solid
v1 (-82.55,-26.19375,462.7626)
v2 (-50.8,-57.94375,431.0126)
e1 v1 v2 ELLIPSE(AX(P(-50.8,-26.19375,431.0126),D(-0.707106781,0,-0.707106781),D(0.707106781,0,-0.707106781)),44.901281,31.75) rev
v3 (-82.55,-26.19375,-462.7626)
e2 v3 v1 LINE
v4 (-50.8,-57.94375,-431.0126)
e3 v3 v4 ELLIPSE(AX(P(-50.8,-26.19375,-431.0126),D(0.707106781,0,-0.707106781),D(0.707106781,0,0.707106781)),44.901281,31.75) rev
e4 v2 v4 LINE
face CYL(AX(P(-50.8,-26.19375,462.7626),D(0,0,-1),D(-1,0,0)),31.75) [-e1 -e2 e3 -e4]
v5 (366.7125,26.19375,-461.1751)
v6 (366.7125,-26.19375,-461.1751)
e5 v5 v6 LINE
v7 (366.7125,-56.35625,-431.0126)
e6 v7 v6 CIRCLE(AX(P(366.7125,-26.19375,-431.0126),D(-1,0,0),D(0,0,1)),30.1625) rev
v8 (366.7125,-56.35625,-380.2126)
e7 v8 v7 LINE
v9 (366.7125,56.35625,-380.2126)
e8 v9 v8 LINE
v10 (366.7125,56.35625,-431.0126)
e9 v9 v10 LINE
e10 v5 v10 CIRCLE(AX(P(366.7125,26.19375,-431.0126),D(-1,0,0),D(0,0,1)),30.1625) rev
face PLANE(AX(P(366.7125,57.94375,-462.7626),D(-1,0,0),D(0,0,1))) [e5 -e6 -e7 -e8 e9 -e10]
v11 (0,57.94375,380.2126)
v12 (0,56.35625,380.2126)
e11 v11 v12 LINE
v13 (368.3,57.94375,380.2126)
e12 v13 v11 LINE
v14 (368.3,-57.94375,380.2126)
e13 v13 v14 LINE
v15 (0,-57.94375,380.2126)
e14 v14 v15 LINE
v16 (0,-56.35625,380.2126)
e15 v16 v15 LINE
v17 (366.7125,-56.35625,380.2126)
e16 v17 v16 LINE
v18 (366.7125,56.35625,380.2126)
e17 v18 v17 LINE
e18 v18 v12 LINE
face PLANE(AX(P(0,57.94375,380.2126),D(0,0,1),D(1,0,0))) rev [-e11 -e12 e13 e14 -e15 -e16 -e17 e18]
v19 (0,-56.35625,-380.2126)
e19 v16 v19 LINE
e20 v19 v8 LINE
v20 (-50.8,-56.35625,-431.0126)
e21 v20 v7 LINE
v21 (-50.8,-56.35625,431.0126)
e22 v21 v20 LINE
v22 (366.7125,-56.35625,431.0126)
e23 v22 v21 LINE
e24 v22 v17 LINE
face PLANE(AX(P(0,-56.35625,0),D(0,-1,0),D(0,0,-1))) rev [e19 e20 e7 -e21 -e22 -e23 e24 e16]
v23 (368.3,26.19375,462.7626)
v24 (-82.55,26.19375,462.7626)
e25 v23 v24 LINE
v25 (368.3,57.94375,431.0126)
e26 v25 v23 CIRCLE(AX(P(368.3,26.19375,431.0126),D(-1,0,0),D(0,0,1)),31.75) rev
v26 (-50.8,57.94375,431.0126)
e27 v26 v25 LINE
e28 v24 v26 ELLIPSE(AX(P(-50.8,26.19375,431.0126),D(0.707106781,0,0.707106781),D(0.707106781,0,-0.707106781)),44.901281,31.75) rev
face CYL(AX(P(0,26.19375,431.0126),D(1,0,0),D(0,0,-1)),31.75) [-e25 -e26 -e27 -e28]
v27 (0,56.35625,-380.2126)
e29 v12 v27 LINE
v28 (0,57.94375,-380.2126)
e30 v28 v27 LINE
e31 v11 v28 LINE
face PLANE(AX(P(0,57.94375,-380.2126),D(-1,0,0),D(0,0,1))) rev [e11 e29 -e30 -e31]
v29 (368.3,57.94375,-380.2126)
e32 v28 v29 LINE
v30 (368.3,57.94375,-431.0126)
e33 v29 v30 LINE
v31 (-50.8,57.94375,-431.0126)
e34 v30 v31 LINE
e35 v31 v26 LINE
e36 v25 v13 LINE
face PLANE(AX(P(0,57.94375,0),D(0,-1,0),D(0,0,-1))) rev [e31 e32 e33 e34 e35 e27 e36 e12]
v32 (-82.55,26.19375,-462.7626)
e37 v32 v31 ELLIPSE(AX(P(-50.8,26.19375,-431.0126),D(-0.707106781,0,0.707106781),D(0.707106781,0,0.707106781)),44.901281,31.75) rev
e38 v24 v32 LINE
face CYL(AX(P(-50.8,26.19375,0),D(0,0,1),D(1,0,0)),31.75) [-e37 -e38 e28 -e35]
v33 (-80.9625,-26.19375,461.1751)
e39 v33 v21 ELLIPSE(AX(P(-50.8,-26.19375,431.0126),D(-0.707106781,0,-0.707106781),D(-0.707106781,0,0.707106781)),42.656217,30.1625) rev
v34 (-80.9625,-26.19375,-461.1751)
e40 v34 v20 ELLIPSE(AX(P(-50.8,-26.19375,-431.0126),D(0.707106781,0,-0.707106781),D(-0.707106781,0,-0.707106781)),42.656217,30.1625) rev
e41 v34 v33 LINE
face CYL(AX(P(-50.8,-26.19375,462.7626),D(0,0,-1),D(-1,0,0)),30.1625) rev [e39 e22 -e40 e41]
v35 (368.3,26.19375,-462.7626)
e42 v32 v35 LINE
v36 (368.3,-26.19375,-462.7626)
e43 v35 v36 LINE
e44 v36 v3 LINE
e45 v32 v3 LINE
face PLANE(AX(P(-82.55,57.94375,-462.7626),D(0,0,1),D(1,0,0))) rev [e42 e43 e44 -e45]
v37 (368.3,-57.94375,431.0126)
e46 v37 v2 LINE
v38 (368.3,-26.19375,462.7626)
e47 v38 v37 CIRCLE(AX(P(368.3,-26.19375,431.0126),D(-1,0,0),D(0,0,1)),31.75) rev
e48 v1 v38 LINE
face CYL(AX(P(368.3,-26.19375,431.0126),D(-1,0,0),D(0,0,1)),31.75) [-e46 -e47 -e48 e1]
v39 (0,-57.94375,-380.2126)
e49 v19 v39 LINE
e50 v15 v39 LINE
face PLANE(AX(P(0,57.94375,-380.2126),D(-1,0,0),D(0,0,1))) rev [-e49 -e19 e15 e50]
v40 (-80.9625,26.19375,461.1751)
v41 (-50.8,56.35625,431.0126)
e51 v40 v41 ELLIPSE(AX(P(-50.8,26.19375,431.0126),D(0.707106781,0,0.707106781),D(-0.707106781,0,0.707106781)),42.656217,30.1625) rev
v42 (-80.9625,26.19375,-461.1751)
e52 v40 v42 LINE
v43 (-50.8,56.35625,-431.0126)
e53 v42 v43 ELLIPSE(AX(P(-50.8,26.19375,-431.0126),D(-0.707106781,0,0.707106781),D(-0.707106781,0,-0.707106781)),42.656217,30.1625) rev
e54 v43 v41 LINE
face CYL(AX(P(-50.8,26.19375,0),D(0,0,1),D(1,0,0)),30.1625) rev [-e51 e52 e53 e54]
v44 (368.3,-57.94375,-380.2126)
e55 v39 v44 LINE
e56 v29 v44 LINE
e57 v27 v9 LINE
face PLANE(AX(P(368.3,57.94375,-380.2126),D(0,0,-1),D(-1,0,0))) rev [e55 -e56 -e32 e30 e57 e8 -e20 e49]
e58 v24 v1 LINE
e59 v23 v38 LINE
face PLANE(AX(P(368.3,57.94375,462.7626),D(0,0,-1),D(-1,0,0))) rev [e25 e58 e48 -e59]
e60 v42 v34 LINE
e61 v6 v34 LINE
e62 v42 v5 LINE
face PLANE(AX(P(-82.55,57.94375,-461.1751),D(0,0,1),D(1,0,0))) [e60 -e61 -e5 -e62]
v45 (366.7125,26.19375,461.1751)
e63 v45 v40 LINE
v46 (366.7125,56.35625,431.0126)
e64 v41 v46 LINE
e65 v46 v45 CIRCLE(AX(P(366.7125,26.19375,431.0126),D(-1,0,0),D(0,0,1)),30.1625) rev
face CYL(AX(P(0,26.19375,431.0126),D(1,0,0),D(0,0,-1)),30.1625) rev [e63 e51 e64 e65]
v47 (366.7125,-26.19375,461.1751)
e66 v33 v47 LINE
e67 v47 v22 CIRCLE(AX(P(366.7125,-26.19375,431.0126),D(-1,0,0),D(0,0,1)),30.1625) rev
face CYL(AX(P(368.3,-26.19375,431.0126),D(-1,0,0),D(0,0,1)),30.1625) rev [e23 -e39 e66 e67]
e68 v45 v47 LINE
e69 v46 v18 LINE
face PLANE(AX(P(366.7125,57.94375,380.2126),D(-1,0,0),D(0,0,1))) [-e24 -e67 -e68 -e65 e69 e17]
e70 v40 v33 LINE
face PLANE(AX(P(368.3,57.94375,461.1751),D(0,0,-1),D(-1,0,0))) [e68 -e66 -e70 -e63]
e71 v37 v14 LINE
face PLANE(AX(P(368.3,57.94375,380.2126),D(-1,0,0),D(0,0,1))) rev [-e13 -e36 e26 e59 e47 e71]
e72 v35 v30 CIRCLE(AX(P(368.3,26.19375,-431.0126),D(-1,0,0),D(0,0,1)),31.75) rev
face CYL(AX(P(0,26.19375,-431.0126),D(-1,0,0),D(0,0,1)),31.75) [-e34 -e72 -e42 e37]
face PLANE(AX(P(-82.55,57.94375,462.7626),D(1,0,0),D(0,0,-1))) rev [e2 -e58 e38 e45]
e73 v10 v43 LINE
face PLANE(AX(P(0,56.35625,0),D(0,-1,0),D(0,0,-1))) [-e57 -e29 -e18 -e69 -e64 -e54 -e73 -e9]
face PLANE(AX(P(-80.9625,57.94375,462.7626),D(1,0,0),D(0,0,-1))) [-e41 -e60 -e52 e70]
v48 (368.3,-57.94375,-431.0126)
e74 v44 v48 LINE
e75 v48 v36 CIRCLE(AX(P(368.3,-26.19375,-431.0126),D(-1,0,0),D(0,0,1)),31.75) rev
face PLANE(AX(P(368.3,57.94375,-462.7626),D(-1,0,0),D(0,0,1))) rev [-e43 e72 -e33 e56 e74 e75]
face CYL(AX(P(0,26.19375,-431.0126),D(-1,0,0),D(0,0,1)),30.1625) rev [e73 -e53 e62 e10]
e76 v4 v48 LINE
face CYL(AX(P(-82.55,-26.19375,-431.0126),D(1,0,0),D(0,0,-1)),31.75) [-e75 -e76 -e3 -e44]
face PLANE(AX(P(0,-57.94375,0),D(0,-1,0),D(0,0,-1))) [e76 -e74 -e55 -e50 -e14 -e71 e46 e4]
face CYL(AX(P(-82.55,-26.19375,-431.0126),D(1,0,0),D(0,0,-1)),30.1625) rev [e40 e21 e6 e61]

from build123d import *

# Parameters (mm, degrees)
BOSS_EXTRUDE1_DEPTH = 57.94375
FILLET1_R           = 31.75
SHELL1_T            = -1.5875


with BuildPart() as part:
    # Sketch1 → Boss-Extrude1 (new body, symmetric)
    with BuildSketch(Plane(origin=(0, 0, 0), x_dir=(1, 0, 0), z_dir=(0, 1, 0))):
        Polygon((368.3, 380.2126), (0, 380.2126), (0, -380.2126), (368.3, -380.2126), (368.3, -462.7626), (-82.55, -462.7626), (-82.55, 462.7626), (368.3, 462.7626), align=None)
    extrude(amount=BOSS_EXTRUDE1_DEPTH, both=True)

    # Fillet1
    fillet1_edges = [part.edges().sort_by_distance(p)[0] for p in [
        (142.875, -57.94375, 462.7626),
        (-82.55, -57.94375, 0),
        (142.875, -57.94375, -462.7626),
        (-82.55, 57.94375, 0),
        (142.875, 57.94375, 462.7626),
        (142.875, 57.94375, -462.7626),
    ]]
    fillet(fillet1_edges, radius=FILLET1_R)

    # Shell1
    shell1_openings = [part.faces().sort_by_distance(p)[0] for p in [
        (184.15, 0, -380.2126),
        (0, 0, 0),
        (184.15, 0, 380.2126),
    ]]
    offset(amount=SHELL1_T, openings=shell1_openings)


solid = part.part
